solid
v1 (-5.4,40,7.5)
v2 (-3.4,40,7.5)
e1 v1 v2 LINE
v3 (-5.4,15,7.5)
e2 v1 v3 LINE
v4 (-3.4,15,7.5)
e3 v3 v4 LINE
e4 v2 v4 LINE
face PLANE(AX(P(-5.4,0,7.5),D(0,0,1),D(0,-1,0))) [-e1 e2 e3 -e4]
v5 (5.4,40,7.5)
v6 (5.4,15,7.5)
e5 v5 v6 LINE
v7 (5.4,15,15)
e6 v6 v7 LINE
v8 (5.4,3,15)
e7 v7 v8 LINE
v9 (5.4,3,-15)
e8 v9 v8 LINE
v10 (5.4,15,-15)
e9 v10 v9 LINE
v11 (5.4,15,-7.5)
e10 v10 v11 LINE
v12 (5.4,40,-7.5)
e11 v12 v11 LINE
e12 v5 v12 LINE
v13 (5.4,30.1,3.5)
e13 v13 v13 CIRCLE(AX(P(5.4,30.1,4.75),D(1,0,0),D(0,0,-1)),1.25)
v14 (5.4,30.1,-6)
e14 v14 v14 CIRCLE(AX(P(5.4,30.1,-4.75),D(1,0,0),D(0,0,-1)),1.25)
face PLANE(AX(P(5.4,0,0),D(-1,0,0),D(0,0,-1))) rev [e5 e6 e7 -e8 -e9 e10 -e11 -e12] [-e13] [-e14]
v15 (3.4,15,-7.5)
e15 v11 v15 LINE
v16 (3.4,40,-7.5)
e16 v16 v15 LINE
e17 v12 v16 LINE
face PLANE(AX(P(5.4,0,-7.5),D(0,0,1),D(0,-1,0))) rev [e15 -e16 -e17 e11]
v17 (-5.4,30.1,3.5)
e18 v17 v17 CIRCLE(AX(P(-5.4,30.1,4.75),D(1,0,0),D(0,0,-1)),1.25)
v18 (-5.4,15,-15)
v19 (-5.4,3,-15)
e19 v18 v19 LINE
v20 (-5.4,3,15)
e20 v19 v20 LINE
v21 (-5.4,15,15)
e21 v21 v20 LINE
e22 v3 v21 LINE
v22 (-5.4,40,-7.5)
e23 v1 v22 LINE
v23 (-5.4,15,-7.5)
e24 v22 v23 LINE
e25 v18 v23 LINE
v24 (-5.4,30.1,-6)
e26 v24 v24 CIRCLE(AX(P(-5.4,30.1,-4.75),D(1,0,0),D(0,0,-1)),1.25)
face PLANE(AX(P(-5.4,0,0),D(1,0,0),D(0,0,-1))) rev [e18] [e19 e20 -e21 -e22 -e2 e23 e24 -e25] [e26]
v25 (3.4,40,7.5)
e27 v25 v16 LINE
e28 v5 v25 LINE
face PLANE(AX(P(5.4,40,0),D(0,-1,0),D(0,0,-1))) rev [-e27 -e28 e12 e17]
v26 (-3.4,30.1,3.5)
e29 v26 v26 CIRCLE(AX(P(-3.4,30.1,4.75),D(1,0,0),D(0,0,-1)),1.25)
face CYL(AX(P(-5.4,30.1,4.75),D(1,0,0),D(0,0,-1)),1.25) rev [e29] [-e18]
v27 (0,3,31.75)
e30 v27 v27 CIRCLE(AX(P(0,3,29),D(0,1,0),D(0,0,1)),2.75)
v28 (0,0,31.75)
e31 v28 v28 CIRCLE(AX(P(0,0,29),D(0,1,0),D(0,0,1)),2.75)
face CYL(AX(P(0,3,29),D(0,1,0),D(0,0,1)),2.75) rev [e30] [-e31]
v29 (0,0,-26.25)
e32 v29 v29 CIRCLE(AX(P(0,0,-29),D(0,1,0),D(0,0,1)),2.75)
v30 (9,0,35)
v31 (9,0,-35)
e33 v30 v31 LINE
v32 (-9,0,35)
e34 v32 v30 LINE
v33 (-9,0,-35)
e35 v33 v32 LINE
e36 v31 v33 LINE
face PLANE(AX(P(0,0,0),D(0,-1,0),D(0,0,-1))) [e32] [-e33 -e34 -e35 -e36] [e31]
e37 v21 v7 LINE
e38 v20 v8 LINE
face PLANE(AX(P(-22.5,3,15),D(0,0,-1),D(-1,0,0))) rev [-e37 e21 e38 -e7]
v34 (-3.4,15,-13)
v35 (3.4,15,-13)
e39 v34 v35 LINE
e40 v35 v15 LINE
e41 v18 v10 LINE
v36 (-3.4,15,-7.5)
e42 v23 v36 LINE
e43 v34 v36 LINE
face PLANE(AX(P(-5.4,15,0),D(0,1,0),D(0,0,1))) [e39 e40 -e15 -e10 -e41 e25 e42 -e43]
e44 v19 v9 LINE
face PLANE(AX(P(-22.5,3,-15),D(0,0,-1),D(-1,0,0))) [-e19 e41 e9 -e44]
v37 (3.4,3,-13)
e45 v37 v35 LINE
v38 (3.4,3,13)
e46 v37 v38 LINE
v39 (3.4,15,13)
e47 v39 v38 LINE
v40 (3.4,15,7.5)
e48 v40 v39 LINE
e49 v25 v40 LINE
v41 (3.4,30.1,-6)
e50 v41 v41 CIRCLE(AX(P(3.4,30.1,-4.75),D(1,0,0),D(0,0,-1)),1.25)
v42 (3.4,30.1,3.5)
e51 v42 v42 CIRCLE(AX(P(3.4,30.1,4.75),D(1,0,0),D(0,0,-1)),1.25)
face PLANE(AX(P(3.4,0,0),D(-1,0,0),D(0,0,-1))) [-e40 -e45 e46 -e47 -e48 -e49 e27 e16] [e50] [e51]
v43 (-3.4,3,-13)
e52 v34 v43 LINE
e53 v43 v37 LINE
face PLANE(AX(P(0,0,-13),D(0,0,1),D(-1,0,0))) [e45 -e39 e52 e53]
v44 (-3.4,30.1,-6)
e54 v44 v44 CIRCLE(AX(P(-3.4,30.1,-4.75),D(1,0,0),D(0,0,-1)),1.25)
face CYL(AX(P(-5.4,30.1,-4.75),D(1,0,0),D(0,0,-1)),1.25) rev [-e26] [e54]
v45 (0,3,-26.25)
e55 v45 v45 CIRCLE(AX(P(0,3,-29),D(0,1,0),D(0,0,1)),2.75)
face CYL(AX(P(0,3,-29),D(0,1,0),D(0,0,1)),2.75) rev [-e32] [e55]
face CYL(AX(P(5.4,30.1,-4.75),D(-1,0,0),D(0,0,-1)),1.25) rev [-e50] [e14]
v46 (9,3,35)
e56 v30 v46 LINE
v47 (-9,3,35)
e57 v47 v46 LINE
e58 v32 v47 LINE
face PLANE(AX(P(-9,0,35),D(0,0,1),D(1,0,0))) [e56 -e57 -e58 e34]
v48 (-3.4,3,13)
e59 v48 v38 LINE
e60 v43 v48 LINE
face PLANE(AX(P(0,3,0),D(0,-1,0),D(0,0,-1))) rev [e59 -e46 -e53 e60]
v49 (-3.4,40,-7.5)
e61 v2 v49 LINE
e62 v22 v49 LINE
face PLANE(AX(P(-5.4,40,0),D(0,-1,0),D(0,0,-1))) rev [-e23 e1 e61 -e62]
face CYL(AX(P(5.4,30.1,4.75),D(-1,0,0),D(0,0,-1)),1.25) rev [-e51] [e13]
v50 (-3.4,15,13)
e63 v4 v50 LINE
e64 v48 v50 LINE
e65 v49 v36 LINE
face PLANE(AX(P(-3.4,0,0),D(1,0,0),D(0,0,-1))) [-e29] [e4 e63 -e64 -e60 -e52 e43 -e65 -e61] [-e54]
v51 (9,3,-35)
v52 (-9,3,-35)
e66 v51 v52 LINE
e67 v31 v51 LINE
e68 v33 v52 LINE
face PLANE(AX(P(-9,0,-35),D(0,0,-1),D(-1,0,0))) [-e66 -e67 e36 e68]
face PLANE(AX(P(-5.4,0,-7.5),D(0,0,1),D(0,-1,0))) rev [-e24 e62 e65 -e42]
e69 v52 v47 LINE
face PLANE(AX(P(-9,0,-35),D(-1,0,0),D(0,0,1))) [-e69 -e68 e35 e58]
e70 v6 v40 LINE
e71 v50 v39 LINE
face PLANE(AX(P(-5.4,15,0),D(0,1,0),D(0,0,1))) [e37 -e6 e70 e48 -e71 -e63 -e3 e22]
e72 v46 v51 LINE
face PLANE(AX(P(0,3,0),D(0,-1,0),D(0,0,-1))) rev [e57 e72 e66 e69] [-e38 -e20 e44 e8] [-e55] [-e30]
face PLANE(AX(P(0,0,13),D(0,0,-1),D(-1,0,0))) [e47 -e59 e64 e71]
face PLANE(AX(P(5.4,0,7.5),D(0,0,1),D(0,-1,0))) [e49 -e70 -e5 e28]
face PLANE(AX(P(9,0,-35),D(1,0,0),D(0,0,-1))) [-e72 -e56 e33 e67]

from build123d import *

# Parameters (mm, degrees)
SKETCH1_W            = 45
SKETCH1_H            = 30
BOSS_EXTRUDE1_DEPTH  = 3
SKETCH3_R            = 1.25
BOSS_EXTRUDE2_DEPTH  = 2
SKETCH4_W            = 10.8
SKETCH4_H            = 12
BOSS_EXTRUDE3_DEPTH  = 2
SKETCH10_W           = 18
SKETCH10_H           = 70
BOSS_EXTRUDE4_DEPTH  = 3
SKETCH11_W           = 13.5
SKETCH11_H           = 30
CUT_EXTRUDE1_DEPTH   = 3
M5_CLEARANCE_HOLE1_D = 5.5


with BuildPart() as part:
    # Sketch1 → Boss-Extrude1 (new body)
    with BuildSketch(Plane(origin=(0, 0, 0), x_dir=(1, 0, 0), z_dir=(0, 1, 0))):
        Rectangle(SKETCH1_W, SKETCH1_H)
    extrude(amount=BOSS_EXTRUDE1_DEPTH)

    # Sketch3 → Boss-Extrude2 (add)
    with BuildSketch(Plane(origin=(-3.4, 0, 0), x_dir=(0, 0, -1), z_dir=(1, 0, 0))):
        Polygon((7.5, 40), (-7.5, 40), (-7.5, 15), (-15, 15), (-15, 0), (15, 0), (15, 15), (7.5, 15), align=None)
        with Locations((-4.75, 30.1)):
            Circle(SKETCH3_R, mode=Mode.SUBTRACT)
        with Locations((4.75, 30.1)):
            Circle(SKETCH3_R, mode=Mode.SUBTRACT)
    extrude(amount=-BOSS_EXTRUDE2_DEPTH)

    # Mirror1: part across plane


with BuildPart() as part_1:
    add(part.part)
    add(part.part.mirror(Plane(origin=(0, 0, 0), x_dir=(0, 0, 1), z_dir=(1, 0, 0))))

    # Sketch4 → Boss-Extrude3 (add)
    with BuildSketch(Plane.XY.offset(15)):
        with Locations((0, 9)):
            Rectangle(SKETCH4_W, SKETCH4_H)
    boss_extrude3 = extrude(amount=-BOSS_EXTRUDE3_DEPTH)

    # Mirror2: Boss-Extrude3 across plane
    add(boss_extrude3.mirror(Plane.XY))

    # Sketch10 → Boss-Extrude4 (add)
    with BuildSketch(Plane(origin=(0, 3, 0), x_dir=(1, 0, 0), z_dir=(0, 1, 0))):
        Rectangle(SKETCH10_W, SKETCH10_H)
    extrude(amount=-BOSS_EXTRUDE4_DEPTH)

    # Sketch11 → Cut-Extrude1 (cut)
    with BuildSketch(Plane(origin=(0, 3, 0), x_dir=(1, 0, 0), z_dir=(0, 1, 0))):
        with Locations((-15.75, 0)):
            Rectangle(SKETCH11_W, SKETCH11_H)
    cut_extrude1 = extrude(amount=-CUT_EXTRUDE1_DEPTH, mode=Mode.SUBTRACT)

    # Mirror3: Cut-Extrude1 across plane
    add(cut_extrude1.mirror(Plane(origin=(0, 0, 0), x_dir=(0, 0, 1), z_dir=(1, 0, 0))), mode=Mode.SUBTRACT)

    # M5 Clearance Hole1 (through all)
    with Locations(Plane(origin=(0, 3, 0), x_dir=(1, 0, 0), z_dir=(0, 1, 0))):
        with Locations((0, -29), (0, 29)):
            Hole(M5_CLEARANCE_HOLE1_D / 2)


solid = part_1.part
